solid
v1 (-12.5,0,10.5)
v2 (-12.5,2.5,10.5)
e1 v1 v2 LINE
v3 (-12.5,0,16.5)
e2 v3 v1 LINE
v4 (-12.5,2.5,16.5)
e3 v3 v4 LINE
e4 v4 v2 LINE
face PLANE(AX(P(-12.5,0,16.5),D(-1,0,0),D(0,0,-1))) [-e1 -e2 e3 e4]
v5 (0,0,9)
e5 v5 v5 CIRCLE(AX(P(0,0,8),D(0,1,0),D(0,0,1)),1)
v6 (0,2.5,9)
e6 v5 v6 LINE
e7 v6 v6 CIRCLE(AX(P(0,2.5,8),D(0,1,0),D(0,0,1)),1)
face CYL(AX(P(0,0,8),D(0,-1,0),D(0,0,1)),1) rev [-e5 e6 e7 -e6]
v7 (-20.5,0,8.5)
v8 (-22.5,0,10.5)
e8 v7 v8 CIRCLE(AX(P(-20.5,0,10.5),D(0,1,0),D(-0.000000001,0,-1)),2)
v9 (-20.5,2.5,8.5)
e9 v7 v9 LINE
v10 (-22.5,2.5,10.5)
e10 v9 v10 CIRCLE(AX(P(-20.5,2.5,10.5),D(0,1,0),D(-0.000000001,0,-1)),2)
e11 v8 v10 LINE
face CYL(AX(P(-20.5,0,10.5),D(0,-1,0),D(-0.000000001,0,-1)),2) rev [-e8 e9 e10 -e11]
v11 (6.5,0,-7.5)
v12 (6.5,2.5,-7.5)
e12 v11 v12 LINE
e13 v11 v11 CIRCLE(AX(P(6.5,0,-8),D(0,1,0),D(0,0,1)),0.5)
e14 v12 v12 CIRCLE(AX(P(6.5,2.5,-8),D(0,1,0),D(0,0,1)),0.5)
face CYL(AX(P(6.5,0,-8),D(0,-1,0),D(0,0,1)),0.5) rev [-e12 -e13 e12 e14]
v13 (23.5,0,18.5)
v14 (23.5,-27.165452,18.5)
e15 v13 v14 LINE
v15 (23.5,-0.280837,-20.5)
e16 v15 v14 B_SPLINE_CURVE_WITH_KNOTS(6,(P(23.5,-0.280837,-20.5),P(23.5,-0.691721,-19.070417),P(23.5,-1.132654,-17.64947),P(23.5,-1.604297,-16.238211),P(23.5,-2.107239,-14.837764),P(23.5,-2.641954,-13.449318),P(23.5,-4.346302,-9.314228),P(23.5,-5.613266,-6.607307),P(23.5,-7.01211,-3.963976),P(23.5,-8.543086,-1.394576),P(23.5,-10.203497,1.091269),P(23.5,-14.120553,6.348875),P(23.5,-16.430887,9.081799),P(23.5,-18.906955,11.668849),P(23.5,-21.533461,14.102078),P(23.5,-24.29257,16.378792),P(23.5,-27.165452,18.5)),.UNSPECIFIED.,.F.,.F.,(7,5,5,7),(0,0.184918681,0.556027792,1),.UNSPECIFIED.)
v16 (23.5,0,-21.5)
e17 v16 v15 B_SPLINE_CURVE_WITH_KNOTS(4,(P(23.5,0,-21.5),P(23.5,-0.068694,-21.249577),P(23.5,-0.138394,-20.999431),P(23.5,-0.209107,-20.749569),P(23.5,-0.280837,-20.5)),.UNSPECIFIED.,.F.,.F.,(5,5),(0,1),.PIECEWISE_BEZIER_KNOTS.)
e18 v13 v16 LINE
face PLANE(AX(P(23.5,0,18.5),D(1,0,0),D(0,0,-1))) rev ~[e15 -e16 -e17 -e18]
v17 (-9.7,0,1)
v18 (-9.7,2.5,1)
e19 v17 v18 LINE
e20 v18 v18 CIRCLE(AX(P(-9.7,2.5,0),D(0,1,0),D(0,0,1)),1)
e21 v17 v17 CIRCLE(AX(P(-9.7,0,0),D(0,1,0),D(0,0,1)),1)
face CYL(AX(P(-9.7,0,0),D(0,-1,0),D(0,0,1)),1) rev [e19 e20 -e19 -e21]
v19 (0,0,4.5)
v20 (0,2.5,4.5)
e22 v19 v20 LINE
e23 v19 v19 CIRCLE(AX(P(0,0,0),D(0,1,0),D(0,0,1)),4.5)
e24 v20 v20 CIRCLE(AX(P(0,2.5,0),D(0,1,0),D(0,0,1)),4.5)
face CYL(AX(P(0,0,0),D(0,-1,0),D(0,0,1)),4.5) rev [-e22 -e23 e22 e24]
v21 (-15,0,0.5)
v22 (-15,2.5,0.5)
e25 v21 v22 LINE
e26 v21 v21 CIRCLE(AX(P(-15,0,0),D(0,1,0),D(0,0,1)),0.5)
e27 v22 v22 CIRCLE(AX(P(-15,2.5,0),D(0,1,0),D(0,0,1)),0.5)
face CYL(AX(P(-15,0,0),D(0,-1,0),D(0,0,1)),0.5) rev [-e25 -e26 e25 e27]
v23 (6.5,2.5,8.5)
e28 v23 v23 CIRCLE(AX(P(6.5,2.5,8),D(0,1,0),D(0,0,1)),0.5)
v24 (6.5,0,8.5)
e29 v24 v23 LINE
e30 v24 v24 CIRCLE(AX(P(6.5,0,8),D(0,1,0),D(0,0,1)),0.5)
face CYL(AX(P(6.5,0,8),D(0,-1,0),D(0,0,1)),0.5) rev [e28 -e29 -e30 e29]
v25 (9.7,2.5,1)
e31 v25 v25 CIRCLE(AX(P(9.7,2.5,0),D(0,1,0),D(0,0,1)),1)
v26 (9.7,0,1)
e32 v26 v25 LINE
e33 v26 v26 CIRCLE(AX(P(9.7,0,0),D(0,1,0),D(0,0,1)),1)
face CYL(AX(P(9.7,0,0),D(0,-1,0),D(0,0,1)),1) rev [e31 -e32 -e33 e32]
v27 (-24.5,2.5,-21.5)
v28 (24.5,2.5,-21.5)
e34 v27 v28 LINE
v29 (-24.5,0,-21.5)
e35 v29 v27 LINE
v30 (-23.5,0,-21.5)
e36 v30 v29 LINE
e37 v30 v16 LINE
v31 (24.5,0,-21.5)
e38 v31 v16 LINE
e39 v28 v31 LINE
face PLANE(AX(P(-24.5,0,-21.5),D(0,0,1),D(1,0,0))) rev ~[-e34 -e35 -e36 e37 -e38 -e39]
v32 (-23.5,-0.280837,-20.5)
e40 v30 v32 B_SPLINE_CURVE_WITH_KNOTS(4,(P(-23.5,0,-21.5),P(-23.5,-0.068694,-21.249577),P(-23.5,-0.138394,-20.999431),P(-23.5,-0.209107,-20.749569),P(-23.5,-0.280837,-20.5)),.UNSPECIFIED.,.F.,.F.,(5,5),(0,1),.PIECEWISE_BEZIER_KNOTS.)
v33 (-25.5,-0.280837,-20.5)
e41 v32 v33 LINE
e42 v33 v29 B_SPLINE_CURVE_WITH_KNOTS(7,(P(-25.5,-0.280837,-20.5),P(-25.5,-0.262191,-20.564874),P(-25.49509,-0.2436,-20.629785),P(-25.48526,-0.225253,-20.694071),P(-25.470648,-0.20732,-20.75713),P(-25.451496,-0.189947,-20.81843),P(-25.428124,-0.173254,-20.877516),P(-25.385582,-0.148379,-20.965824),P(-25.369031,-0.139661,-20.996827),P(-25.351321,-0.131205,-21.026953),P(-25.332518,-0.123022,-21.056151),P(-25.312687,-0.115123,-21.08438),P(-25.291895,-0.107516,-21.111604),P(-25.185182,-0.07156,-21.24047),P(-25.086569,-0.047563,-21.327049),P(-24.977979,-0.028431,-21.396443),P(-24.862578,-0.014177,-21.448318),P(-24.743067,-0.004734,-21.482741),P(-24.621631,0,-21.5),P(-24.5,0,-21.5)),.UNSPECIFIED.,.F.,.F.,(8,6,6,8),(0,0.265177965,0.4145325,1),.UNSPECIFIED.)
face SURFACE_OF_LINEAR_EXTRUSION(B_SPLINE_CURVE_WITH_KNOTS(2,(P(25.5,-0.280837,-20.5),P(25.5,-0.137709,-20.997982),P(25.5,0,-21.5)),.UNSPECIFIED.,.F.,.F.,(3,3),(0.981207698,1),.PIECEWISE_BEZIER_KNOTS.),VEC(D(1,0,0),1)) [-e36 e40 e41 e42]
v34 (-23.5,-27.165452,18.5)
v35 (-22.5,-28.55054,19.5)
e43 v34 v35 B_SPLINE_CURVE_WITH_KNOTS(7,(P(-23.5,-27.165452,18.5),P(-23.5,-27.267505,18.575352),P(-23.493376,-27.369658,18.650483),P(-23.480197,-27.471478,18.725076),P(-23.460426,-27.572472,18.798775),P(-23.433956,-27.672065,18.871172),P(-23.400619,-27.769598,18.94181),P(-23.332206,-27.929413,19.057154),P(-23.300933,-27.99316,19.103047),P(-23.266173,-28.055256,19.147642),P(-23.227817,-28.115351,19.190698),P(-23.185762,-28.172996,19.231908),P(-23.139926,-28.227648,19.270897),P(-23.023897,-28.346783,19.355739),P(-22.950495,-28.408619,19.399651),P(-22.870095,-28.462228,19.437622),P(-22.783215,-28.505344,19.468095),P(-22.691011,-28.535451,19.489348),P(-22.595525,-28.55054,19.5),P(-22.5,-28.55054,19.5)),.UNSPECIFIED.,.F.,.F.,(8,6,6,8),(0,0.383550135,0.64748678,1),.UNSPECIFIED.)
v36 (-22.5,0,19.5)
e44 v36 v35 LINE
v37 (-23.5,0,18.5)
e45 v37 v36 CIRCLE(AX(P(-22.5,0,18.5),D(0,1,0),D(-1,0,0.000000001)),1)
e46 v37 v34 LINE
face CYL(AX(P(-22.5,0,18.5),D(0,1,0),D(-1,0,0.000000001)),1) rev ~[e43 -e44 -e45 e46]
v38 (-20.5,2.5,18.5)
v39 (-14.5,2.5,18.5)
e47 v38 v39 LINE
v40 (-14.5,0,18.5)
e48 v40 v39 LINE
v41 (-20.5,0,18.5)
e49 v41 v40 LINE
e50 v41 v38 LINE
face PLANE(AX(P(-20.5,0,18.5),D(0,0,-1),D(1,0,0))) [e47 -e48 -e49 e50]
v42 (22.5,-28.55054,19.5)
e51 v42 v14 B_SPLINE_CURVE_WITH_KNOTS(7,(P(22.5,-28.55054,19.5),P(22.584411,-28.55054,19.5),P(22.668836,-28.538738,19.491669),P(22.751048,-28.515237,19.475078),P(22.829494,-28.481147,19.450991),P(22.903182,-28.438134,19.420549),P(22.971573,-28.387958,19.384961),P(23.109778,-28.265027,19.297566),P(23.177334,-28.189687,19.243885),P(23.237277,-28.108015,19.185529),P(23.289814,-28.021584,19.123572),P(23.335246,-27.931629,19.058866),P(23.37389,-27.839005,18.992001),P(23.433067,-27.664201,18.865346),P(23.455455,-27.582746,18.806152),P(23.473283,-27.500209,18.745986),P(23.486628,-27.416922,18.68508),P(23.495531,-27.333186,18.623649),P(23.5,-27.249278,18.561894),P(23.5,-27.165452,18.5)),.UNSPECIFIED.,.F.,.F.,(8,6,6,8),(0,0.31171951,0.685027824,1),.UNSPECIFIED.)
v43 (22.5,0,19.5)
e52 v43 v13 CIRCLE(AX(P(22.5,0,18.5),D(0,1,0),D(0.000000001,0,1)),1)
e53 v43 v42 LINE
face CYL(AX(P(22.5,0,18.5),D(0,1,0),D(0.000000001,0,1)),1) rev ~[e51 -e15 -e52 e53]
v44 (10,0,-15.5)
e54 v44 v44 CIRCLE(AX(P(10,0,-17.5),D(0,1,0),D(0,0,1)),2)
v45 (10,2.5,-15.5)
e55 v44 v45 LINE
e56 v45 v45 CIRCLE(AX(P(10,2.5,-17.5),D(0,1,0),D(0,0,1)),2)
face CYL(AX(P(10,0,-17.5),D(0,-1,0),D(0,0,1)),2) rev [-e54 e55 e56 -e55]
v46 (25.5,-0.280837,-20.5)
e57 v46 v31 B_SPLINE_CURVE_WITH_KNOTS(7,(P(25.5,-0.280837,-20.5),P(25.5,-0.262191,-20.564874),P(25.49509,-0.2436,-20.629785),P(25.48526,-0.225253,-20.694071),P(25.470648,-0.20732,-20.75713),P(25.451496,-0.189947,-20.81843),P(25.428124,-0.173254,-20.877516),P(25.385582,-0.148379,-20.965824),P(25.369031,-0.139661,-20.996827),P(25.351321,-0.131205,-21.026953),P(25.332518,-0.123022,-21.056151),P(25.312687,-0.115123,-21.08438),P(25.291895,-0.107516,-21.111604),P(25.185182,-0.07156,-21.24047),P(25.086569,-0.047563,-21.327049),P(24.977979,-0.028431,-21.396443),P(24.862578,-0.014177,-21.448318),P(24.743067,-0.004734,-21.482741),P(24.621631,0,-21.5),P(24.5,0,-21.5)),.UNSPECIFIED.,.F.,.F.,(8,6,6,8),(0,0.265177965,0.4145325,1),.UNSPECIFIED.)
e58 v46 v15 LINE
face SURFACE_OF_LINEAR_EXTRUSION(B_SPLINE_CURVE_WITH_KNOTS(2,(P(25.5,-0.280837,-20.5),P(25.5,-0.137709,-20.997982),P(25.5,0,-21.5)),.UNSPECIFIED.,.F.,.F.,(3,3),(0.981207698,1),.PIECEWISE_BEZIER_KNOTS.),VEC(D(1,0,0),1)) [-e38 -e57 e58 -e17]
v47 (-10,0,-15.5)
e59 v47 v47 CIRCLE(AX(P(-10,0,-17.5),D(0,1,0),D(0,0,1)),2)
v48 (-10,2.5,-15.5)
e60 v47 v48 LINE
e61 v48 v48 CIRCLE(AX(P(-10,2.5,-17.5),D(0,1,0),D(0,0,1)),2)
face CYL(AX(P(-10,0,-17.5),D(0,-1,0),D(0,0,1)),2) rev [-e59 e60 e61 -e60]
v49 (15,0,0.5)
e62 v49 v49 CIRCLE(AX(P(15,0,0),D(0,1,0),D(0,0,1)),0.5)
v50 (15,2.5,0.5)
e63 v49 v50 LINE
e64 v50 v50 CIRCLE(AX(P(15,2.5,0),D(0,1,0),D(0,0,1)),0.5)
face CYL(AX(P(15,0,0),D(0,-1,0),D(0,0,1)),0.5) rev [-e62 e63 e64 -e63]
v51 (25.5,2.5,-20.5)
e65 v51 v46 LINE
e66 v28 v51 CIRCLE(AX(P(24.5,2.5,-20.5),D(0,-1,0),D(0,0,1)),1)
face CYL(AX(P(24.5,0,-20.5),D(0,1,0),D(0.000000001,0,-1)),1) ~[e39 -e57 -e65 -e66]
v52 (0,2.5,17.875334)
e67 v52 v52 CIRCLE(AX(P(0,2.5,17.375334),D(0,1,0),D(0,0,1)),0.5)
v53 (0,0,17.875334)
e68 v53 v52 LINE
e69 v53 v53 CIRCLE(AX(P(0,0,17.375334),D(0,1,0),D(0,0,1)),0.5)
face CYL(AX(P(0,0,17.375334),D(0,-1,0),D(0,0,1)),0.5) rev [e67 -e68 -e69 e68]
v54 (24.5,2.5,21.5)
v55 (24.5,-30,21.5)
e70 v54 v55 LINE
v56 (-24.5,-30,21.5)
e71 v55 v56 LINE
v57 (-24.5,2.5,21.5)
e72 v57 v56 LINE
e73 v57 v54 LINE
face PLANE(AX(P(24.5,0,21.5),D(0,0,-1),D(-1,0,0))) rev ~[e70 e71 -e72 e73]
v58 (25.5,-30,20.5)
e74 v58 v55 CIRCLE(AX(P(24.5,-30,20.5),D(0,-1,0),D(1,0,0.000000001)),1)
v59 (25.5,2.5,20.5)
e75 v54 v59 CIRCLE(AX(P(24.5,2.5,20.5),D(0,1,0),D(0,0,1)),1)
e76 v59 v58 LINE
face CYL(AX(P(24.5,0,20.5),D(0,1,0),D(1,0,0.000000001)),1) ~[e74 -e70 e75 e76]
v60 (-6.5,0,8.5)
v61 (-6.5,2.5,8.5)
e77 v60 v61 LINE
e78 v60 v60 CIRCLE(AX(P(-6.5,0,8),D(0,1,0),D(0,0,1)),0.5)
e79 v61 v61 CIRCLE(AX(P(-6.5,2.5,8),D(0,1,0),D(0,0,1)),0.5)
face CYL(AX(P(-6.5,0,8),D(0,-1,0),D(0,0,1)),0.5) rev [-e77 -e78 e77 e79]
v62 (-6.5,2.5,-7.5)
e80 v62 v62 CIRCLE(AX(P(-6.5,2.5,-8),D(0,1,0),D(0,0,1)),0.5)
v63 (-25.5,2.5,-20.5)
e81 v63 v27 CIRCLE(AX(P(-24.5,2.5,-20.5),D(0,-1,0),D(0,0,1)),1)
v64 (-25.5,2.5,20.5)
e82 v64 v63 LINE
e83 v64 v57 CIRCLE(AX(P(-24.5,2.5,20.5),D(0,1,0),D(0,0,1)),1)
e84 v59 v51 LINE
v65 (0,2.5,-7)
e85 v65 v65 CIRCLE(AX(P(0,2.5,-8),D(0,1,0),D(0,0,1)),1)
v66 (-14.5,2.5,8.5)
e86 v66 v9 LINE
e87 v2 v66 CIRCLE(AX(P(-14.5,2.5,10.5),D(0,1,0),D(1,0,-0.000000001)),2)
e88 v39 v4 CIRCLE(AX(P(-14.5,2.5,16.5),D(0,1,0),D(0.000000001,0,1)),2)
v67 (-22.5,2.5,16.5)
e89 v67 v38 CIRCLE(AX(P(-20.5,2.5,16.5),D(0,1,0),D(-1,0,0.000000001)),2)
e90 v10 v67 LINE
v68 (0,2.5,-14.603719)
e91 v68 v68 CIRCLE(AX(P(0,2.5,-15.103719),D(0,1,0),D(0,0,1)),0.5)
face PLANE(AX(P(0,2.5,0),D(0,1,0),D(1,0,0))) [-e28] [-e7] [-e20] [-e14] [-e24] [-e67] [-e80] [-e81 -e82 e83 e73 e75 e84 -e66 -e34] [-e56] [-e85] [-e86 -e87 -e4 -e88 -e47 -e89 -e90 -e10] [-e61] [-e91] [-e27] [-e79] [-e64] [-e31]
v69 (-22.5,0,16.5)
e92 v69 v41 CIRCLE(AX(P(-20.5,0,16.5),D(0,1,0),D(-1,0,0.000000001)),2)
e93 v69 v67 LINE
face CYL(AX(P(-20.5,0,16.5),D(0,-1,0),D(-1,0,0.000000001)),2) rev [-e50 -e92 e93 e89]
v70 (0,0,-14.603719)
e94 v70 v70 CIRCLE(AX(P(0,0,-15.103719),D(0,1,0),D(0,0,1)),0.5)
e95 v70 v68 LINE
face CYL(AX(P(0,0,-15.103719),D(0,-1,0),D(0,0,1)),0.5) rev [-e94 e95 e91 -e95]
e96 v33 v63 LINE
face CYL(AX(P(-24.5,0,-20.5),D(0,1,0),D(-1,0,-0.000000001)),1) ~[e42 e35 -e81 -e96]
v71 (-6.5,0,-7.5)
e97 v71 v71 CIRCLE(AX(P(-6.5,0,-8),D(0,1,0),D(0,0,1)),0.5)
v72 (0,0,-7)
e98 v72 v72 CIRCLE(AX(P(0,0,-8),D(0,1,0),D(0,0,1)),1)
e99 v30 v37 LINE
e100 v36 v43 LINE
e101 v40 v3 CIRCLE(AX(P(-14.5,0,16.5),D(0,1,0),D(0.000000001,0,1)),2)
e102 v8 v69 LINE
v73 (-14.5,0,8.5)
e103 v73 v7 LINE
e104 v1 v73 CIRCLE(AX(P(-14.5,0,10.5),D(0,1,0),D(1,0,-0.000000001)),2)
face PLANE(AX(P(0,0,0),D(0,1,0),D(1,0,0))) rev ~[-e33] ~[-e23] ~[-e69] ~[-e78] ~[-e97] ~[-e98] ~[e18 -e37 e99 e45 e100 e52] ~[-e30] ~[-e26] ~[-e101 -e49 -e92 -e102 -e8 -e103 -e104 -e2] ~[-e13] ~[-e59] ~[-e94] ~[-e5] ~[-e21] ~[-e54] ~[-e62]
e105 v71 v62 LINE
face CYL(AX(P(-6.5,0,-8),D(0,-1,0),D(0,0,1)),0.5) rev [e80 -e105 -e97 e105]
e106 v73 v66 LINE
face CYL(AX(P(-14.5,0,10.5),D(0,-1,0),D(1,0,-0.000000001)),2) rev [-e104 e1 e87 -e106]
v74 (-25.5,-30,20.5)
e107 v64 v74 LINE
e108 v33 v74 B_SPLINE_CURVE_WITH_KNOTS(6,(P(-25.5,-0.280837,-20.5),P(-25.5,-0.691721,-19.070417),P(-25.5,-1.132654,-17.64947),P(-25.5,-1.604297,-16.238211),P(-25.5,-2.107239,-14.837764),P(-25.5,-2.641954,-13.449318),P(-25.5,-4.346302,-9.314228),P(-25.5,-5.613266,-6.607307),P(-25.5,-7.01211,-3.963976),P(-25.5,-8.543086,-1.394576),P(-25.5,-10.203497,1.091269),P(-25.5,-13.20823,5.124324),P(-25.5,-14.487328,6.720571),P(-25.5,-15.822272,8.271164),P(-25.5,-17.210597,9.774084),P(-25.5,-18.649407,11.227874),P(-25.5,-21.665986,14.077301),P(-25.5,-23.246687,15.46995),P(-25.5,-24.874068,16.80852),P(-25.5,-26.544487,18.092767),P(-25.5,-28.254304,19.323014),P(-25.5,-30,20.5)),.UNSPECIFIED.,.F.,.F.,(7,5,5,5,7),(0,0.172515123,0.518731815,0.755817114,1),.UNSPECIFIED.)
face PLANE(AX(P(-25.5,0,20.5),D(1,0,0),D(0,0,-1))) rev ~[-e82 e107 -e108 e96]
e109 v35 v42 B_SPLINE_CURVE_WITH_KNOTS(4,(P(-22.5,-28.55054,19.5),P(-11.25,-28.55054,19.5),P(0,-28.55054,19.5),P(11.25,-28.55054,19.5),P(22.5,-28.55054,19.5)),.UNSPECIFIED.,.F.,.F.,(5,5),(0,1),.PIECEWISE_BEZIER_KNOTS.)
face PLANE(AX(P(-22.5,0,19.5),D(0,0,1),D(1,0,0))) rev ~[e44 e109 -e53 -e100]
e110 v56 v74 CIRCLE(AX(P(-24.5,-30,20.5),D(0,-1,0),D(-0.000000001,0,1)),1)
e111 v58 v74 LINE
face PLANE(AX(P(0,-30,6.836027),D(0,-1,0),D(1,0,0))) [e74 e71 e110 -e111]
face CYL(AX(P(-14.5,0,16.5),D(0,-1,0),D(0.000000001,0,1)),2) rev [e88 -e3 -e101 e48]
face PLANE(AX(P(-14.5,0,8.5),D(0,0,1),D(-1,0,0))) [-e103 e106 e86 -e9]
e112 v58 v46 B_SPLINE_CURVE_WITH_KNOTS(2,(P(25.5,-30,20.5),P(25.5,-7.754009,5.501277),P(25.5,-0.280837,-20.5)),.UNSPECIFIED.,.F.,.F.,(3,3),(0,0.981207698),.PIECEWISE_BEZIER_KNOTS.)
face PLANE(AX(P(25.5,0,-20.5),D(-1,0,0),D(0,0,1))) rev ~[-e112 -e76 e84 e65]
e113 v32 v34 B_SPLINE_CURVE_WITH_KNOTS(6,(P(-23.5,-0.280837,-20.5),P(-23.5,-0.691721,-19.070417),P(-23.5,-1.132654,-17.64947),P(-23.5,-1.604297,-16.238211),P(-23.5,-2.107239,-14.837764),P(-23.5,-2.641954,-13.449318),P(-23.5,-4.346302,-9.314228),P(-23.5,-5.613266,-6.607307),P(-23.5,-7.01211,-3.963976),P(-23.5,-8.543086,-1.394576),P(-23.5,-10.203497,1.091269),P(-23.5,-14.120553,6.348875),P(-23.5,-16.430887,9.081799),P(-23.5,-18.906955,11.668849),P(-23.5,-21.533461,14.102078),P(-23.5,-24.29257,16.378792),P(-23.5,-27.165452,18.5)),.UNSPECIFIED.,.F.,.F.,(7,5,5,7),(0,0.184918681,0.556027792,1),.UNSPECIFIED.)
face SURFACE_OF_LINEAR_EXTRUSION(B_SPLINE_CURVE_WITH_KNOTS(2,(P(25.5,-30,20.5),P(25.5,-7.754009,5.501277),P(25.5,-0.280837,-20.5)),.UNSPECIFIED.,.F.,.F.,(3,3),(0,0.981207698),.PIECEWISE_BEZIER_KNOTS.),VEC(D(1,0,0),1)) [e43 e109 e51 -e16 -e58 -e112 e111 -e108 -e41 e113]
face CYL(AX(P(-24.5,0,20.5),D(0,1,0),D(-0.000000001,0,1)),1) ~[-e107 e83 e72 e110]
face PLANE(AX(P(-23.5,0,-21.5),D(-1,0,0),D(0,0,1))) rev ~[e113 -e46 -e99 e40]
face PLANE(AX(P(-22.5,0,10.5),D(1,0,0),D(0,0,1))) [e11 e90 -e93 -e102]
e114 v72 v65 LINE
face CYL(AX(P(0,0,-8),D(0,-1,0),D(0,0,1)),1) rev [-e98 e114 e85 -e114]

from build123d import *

# Parameters (mm, degrees)
SKETCH1_W           = 51
SKETCH1_H           = 43
SKETCH1_R           = 4.5
SKETCH1_R_2         = 1
SKETCH1_R_3         = 2
SKETCH1_R_4         = 0.5
BOSS_EXTRUDE1_DEPTH = 2.5
FILLET1_R           = 1
BOSS_EXTRUDE2_DEPTH = 30
CUT_EXTRUDE1_DEPTH  = 67


with BuildPart() as part:
    # Sketch1 → Boss-Extrude1 (new body)
    with BuildSketch(Plane(origin=(0, 0, 0), x_dir=(1, 0, 0), z_dir=(0, 1, 0))):
        Rectangle(SKETCH1_W, SKETCH1_H)
        with Locations(Location((0, 0, 0), (0, 0, 270))):
            Circle(SKETCH1_R, mode=Mode.SUBTRACT)
        with Locations(Location((9.7, 0, 0), (0, 0, 270))):
            Circle(SKETCH1_R_2, mode=Mode.SUBTRACT)
        with Locations(Location((-9.7, 0, 0), (0, 0, 270))):
            Circle(SKETCH1_R_2, mode=Mode.SUBTRACT)
        with Locations(Location((0, 8, 0), (0, 0, 270))):
            Circle(SKETCH1_R_2, mode=Mode.SUBTRACT)
        with Locations(Location((0, -8, 0), (0, 0, 270))):
            Circle(SKETCH1_R_2, mode=Mode.SUBTRACT)
        with Locations(Location((-10, 17.5, 0), (0, 0, 270))):
            Circle(SKETCH1_R_3, mode=Mode.SUBTRACT)
        with Locations(Location((10, 17.5, 0), (0, 0, 270))):
            Circle(SKETCH1_R_3, mode=Mode.SUBTRACT)
        with Locations(Location((-15, 0, 0), (0, 0, 270))):
            Circle(SKETCH1_R_4, mode=Mode.SUBTRACT)
        with Locations(Location((15, 0, 0), (0, 0, 270))):
            Circle(SKETCH1_R_4, mode=Mode.SUBTRACT)
        with Locations(Location((0, -17.375333522, 0), (0, 0, 270))):
            Circle(SKETCH1_R_4, mode=Mode.SUBTRACT)
        with Locations(Location((0, 15.103719109, 0), (0, 0, 270))):
            Circle(SKETCH1_R_4, mode=Mode.SUBTRACT)
        with Locations(Location((6.5, 8, 0), (0, 0, 270))):
            Circle(SKETCH1_R_4, mode=Mode.SUBTRACT)
        with Locations(Location((-6.5, 8, 0), (0, 0, 270))):
            Circle(SKETCH1_R_4, mode=Mode.SUBTRACT)
        with Locations(Location((-6.5, -8, 0), (0, 0, 270))):
            Circle(SKETCH1_R_4, mode=Mode.SUBTRACT)
        with Locations(Location((6.5, -8, 0), (0, 0, 270))):
            Circle(SKETCH1_R_4, mode=Mode.SUBTRACT)
        with BuildLine():
            Line((-20.5, -18.5), (-14.5, -18.5))
            ThreePointArc((-14.5, -18.5), (-13.085786438, -17.914213562), (-12.5, -16.5))
            Line((-12.5, -16.5), (-12.5, -10.5))
            ThreePointArc((-12.5, -10.5), (-13.085786438, -9.085786438), (-14.5, -8.5))
            Line((-14.5, -8.5), (-20.5, -8.5))
            ThreePointArc((-20.5, -8.5), (-21.914213562, -9.085786438), (-22.5, -10.5))
            Line((-22.5, -10.5), (-22.5, -16.5))
            ThreePointArc((-22.5, -16.5), (-21.914213562, -17.914213562), (-20.5, -18.5))
        make_face(mode=Mode.SUBTRACT)
    extrude(amount=BOSS_EXTRUDE1_DEPTH)

    # Fillet1
    fillet1_edges = [part.edges().sort_by_distance(p)[0] for p in [
        (25.5, 1.25, -21.5),
        (25.5, 1.25, 21.5),
        (-25.5, 1.25, 21.5),
        (-25.5, 1.25, -21.5),
    ]]
    fillet(fillet1_edges, radius=FILLET1_R)

    # Sketch2 → Boss-Extrude2 (add)
    with BuildSketch(Plane.XZ):
        with BuildLine():
            Line((-23.5, -21.5), (-23.5, 18.5))
            ThreePointArc((-23.5, 18.5), (-23.207106781, 19.207106781), (-22.5, 19.5))
            Line((-22.5, 19.5), (22.5, 19.5))
            ThreePointArc((22.5, 19.5), (23.207106781, 19.207106781), (23.5, 18.5))
            Line((23.5, 18.5), (23.5, -21.5))
            Line((23.5, -21.5), (24.5, -21.5))
            ThreePointArc((24.5, -21.5), (25.207106781, -21.207106781), (25.5, -20.5))
            Line((25.5, -20.5), (25.5, 20.5))
            ThreePointArc((25.5, 20.5), (25.207106781, 21.207106781), (24.5, 21.5))
            Line((24.5, 21.5), (-24.5, 21.5))
            ThreePointArc((-24.5, 21.5), (-25.207106781, 21.207106781), (-25.5, 20.5))
            Line((-25.5, 20.5), (-25.5, -20.5))
            ThreePointArc((-25.5, -20.5), (-25.207106781, -21.207106781), (-24.5, -21.5))
            Line((-24.5, -21.5), (-23.5, -21.5))
        make_face()
    extrude(amount=BOSS_EXTRUDE2_DEPTH)

    # Sketch3 → Cut-Extrude1 (cut)
    with BuildSketch(Plane(origin=(25.5, 0, 0), x_dir=(0, 0, -1), z_dir=(1, 0, 0))):
        with BuildLine():
            add(Edge.make_bspline(
                [(-20.5, -30), (-5.501277344, -7.754009084), (20.5, -0.280836845)],
                knots=[0, 0, 0, 0.981207698, 0.981207698, 0.981207698], degree=2))
            Line((-20.5, -30), (20.5, -30))
            Line((20.5, -30), (20.5, -0.280836845))
        make_face()
        with BuildLine():
            Line((20.5, -30), (-20.5, -30))
            Line((-20.5, -30), (-11.71480256, -35.881315146))
            Line((-11.71480256, -35.881315146), (34.782094199, -34.613217961))
            Line((34.782094199, -34.613217961), (27.415053414, -3.212716254))
            Line((27.415053414, -3.212716254), (21.5, 0))
            add(Edge.make_bspline(
                [(20.5, -0.280836845), (20.997982091, -0.137709033), (21.5, 0)],
                knots=[0.981207698, 0.981207698, 0.981207698, 1, 1, 1], degree=2))
            Line((20.5, -0.280836845), (20.5, -30))
        make_face()
    extrude(amount=-CUT_EXTRUDE1_DEPTH, mode=Mode.SUBTRACT)


solid = part.part
